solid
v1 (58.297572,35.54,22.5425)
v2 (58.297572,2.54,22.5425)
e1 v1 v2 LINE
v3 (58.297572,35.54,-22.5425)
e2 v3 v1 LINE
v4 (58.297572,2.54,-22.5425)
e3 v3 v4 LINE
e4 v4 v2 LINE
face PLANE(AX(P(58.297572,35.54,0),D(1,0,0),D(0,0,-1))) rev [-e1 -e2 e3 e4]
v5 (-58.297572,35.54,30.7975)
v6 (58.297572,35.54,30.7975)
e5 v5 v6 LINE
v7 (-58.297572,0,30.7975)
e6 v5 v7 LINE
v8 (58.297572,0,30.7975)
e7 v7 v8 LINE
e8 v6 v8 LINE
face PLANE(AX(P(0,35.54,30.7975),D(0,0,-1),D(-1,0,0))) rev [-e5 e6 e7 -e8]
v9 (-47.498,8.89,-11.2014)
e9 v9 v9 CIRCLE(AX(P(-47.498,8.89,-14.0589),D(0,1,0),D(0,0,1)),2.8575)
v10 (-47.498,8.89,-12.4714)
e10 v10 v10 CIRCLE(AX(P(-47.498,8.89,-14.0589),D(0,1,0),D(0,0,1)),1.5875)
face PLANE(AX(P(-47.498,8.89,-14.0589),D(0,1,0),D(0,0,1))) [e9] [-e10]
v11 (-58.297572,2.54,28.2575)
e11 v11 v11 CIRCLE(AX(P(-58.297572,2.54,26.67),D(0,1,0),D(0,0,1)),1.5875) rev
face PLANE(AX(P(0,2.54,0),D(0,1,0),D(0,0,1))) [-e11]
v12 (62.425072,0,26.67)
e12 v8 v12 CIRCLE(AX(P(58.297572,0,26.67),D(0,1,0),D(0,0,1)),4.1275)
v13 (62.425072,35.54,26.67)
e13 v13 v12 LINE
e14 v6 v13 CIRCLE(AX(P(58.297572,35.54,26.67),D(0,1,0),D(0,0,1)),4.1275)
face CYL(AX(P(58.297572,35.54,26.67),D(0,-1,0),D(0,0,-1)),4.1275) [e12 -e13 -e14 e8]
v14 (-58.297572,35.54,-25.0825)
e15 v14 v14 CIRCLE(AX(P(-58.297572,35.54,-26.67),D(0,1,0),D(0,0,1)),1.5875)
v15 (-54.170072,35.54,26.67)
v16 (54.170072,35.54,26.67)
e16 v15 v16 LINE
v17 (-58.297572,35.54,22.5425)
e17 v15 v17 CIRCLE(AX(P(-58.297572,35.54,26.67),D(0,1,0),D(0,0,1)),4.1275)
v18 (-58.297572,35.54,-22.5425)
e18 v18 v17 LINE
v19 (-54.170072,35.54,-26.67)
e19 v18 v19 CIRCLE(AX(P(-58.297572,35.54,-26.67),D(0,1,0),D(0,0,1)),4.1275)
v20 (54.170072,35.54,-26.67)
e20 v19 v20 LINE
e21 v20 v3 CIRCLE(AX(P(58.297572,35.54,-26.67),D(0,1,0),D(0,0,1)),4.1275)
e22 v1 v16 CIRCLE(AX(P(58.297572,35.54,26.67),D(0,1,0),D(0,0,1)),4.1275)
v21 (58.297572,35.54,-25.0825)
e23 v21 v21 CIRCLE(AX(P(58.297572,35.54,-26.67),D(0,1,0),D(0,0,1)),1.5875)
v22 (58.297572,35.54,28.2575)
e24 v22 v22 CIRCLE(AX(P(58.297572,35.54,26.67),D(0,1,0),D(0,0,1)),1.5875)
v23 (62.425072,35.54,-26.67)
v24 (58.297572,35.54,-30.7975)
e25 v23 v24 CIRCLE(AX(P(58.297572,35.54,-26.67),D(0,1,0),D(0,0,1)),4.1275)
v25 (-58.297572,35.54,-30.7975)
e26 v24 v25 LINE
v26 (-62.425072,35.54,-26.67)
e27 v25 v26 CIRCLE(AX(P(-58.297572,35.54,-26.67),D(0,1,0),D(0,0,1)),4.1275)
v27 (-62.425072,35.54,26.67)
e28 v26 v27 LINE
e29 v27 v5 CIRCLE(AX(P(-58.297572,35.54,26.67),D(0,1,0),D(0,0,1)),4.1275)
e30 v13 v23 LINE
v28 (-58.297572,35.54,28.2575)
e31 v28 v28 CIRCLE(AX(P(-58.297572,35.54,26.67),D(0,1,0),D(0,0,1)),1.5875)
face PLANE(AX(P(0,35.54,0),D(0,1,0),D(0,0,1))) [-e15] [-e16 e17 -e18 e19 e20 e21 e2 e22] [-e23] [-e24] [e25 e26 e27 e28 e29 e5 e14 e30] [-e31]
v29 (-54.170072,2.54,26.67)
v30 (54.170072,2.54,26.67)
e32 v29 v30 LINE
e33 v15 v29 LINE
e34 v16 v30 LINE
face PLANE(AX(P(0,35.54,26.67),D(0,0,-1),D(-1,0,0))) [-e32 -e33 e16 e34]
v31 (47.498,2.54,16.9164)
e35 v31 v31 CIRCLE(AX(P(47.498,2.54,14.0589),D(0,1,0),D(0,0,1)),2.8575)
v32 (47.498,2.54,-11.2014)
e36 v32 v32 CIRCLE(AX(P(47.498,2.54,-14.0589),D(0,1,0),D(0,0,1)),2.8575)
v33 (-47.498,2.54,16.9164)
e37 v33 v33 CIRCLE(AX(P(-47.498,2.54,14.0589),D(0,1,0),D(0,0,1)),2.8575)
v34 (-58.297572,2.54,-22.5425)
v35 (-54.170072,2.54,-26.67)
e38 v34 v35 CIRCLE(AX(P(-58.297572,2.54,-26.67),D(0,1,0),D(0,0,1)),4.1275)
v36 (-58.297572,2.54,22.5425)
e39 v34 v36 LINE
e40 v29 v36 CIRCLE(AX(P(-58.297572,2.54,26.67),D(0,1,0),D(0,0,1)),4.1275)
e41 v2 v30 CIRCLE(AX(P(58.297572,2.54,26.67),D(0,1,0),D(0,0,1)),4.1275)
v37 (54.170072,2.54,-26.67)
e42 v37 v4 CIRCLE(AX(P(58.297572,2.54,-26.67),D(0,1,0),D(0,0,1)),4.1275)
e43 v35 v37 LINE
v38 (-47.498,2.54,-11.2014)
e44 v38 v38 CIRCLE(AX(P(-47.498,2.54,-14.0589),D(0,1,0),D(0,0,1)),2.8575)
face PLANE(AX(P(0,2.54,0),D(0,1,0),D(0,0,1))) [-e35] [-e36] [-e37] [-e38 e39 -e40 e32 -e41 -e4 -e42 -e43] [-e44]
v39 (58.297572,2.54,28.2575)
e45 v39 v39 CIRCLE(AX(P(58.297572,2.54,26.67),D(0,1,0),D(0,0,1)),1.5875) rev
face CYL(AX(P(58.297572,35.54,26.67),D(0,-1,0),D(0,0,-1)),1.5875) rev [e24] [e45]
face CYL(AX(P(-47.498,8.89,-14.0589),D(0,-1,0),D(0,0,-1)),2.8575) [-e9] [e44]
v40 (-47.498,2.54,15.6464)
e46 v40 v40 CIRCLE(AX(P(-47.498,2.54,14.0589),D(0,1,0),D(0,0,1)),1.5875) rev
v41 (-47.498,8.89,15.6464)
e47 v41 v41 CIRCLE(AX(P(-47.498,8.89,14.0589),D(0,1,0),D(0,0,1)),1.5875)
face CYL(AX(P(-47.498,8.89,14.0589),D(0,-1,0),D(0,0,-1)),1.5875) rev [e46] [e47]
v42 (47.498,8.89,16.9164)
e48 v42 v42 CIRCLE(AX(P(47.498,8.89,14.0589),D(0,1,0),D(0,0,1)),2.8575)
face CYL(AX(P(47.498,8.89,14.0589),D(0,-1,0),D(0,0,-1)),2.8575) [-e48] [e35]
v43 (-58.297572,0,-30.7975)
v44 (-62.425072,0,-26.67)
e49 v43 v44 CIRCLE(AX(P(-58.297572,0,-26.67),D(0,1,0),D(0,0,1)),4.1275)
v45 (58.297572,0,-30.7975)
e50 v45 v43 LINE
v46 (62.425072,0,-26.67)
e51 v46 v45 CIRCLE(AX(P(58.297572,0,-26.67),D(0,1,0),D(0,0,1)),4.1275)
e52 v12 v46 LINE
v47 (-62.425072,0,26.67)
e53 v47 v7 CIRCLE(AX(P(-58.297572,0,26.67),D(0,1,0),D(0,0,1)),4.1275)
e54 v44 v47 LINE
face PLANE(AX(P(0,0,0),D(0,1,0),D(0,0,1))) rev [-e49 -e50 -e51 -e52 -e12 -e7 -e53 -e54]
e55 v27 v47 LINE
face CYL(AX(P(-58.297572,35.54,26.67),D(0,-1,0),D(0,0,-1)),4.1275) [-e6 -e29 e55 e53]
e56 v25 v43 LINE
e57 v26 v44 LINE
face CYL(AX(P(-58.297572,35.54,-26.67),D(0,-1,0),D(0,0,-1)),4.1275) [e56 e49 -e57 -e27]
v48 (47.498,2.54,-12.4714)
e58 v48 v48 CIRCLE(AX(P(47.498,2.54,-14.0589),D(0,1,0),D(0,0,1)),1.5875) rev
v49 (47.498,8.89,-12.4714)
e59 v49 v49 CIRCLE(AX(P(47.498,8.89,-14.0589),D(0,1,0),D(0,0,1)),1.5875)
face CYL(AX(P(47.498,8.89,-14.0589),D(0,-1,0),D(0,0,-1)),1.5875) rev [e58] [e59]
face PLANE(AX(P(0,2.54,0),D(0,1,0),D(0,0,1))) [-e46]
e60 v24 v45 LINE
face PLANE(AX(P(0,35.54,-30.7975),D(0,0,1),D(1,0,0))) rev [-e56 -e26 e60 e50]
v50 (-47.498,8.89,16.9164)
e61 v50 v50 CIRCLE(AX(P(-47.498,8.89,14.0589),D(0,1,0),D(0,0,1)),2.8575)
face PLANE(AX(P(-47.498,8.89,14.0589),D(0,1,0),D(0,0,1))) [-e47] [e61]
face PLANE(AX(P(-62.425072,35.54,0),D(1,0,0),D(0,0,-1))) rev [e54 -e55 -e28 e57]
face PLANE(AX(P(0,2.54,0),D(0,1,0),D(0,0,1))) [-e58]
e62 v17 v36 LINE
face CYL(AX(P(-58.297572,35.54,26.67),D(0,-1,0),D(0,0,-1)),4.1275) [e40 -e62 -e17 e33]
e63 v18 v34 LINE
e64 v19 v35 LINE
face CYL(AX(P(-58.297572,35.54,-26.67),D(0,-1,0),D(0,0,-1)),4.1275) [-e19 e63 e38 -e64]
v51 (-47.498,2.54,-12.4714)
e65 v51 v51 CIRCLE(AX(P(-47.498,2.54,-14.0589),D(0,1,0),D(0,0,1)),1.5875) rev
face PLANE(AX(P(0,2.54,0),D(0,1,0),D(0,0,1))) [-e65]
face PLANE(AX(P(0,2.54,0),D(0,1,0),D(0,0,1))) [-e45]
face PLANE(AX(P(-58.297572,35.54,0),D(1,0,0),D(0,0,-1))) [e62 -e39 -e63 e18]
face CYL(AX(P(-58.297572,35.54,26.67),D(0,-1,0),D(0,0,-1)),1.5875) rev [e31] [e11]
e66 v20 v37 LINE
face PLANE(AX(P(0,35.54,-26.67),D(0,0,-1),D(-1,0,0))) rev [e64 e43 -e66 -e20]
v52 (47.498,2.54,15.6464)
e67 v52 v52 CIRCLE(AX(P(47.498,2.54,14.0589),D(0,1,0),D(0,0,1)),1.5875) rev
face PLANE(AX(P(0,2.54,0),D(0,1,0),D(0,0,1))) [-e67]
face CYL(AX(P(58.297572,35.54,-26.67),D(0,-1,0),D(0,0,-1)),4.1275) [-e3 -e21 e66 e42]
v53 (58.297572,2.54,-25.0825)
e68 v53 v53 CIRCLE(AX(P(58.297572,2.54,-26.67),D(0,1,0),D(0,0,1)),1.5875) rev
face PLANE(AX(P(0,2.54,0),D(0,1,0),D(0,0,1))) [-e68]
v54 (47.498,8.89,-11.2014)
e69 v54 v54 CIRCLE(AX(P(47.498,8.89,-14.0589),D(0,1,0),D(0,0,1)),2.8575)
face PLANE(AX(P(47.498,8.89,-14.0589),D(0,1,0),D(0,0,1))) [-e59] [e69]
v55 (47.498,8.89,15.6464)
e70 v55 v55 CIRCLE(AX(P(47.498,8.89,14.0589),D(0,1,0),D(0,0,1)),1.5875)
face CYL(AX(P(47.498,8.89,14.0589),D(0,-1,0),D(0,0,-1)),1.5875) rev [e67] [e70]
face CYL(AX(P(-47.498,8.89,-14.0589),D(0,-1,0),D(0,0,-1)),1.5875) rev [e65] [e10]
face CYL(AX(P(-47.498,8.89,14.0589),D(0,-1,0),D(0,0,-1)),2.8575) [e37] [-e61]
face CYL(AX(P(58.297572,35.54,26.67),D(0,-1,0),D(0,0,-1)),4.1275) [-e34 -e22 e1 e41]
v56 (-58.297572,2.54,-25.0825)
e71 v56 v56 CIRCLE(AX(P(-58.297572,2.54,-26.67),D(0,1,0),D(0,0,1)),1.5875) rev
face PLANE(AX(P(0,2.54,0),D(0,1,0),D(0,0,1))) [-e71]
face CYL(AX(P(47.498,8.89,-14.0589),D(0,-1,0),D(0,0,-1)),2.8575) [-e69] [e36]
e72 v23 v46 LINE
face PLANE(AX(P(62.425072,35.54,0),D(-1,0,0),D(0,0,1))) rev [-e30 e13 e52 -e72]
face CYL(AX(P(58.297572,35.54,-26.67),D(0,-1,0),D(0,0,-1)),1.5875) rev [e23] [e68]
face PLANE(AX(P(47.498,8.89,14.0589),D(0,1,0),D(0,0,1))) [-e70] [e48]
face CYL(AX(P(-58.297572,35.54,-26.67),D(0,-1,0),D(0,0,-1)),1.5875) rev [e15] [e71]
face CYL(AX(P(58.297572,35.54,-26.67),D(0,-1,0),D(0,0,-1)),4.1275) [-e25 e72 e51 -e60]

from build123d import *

# Parameters (mm, degrees)
SKETCH1_W           = 126.755144
SKETCH1_H           = 63.5
BOSS_EXTRUDE1_DEPTH = 2.54
SKETCH2_R           = 1.5875
BOSS_EXTRUDE2_DEPTH = 33
SKETCH2_4_W         = 126.755144
SKETCH2_4_H         = 63.5
CUT_EXTRUDE1_DEPTH  = 79.190658858
SKETCH4_R           = 2.8575
SKETCH4_R_2         = 1.5875
BOSS_EXTRUDE3_DEPTH = 6.35


with BuildPart() as part:
    # Sketch1 → Boss-Extrude1 (new body)
    with BuildSketch(Plane(origin=(0, 0, 0), x_dir=(1, 0, 0), z_dir=(0, 1, 0))):
        Rectangle(SKETCH1_W, SKETCH1_H)
    extrude(amount=BOSS_EXTRUDE1_DEPTH)

    # Sketch2 → Boss-Extrude2 (add)
    with BuildSketch(Plane(origin=(0, 2.54, 0), x_dir=(1, 0, 0), z_dir=(0, 1, 0))):
        with BuildLine():
            ThreePointArc((62.425072, 26.67), (61.216155239, 29.588583239), (58.297572, 30.7975))
            Line((58.297572, 30.7975), (-58.297572, 30.7975))
            ThreePointArc((-58.297572, 30.7975), (-61.216155239, 29.588583239), (-62.425072, 26.67))
            Line((-62.425072, 26.67), (-62.425072, -26.67))
            ThreePointArc((-62.425072, -26.67), (-61.216155239, -29.588583239), (-58.297572, -30.7975))
            Line((-58.297572, -30.7975), (58.297572, -30.7975))
            ThreePointArc((58.297572, -30.7975), (61.216155239, -29.588583239), (62.425072, -26.67))
            Line((62.425072, -26.67), (62.425072, 26.67))
        make_face()
        with Locations((58.297572, 26.67)):
            Circle(SKETCH2_R, mode=Mode.SUBTRACT)
        with BuildLine():
            ThreePointArc((54.170072, 26.67), (55.378988761, 23.751416761), (58.297572, 22.5425))
            Line((58.297572, 22.5425), (58.297572, -22.5425))
            ThreePointArc((58.297572, -22.5425), (55.378988761, -23.751416761), (54.170072, -26.67))
            Line((54.170072, -26.67), (-54.170072, -26.67))
            ThreePointArc((-54.170072, -26.67), (-55.378988761, -23.751416761), (-58.297572, -22.5425))
            Line((-58.297572, -22.5425), (-58.297572, 22.5425))
            ThreePointArc((-58.297572, 22.5425), (-55.378988761, 23.751416761), (-54.170072, 26.67))
            Line((-54.170072, 26.67), (54.170072, 26.67))
        make_face(mode=Mode.SUBTRACT)
        with Locations((-58.297572, 26.67)):
            Circle(SKETCH2_R, mode=Mode.SUBTRACT)
        with Locations((58.297572, -26.67)):
            Circle(SKETCH2_R, mode=Mode.SUBTRACT)
        with Locations((-58.297572, -26.67)):
            Circle(SKETCH2_R, mode=Mode.SUBTRACT)
    extrude(amount=BOSS_EXTRUDE2_DEPTH)

    # Sketch2<4> → Cut-Extrude1 (cut, through all)
    with BuildSketch(Plane(origin=(0, 2.54, 0), x_dir=(1, 0, 0), z_dir=(0, 1, 0))):
        Rectangle(SKETCH2_4_W, SKETCH2_4_H)
        with BuildLine():
            ThreePointArc((58.297572, 30.7975), (61.216155239, 29.588583239), (62.425072, 26.67))
            Line((62.425072, 26.67), (62.425072, -26.67))
            ThreePointArc((62.425072, -26.67), (61.216155239, -29.588583239), (58.297572, -30.7975))
            Line((58.297572, -30.7975), (-58.297572, -30.7975))
            ThreePointArc((-58.297572, -30.7975), (-61.216155239, -29.588583239), (-62.425072, -26.67))
            Line((-62.425072, -26.67), (-62.425072, 26.67))
            ThreePointArc((-62.425072, 26.67), (-61.216155239, 29.588583239), (-58.297572, 30.7975))
            Line((-58.297572, 30.7975), (58.297572, 30.7975))
        make_face(mode=Mode.SUBTRACT)
    extrude(amount=-CUT_EXTRUDE1_DEPTH, mode=Mode.SUBTRACT)

    # Sketch4 → Boss-Extrude3 (add)
    # profile 1 of 4: a face of its own
    with BuildSketch(Plane(origin=(0, 2.54, 0), x_dir=(1, 0, 0), z_dir=(0, 1, 0))):
        with Locations((-47.498, 14.0589)):
            Circle(SKETCH4_R)
        with Locations((-47.498, 14.0589)):
            Circle(SKETCH4_R_2, mode=Mode.SUBTRACT)
    # profile 2 of 4: a face of its own
    with BuildSketch(Plane(origin=(0, 2.54, 0), x_dir=(1, 0, 0), z_dir=(0, 1, 0))):
        with Locations((-47.498, -14.0589)):
            Circle(SKETCH4_R)
        with Locations((-47.498, -14.0589)):
            Circle(SKETCH4_R_2, mode=Mode.SUBTRACT)
    # profile 3 of 4: a face of its own
    with BuildSketch(Plane(origin=(0, 2.54, 0), x_dir=(1, 0, 0), z_dir=(0, 1, 0))):
        with Locations((47.498, -14.0589)):
            Circle(SKETCH4_R)
        with Locations((47.498, -14.0589)):
            Circle(SKETCH4_R_2, mode=Mode.SUBTRACT)
    # profile 4 of 4: a face of its own
    with BuildSketch(Plane(origin=(0, 2.54, 0), x_dir=(1, 0, 0), z_dir=(0, 1, 0))):
        with Locations((47.498, 14.0589)):
            Circle(SKETCH4_R)
        with Locations((47.498, 14.0589)):
            Circle(SKETCH4_R_2, mode=Mode.SUBTRACT)
    extrude(amount=BOSS_EXTRUDE3_DEPTH)


solid = part.part
